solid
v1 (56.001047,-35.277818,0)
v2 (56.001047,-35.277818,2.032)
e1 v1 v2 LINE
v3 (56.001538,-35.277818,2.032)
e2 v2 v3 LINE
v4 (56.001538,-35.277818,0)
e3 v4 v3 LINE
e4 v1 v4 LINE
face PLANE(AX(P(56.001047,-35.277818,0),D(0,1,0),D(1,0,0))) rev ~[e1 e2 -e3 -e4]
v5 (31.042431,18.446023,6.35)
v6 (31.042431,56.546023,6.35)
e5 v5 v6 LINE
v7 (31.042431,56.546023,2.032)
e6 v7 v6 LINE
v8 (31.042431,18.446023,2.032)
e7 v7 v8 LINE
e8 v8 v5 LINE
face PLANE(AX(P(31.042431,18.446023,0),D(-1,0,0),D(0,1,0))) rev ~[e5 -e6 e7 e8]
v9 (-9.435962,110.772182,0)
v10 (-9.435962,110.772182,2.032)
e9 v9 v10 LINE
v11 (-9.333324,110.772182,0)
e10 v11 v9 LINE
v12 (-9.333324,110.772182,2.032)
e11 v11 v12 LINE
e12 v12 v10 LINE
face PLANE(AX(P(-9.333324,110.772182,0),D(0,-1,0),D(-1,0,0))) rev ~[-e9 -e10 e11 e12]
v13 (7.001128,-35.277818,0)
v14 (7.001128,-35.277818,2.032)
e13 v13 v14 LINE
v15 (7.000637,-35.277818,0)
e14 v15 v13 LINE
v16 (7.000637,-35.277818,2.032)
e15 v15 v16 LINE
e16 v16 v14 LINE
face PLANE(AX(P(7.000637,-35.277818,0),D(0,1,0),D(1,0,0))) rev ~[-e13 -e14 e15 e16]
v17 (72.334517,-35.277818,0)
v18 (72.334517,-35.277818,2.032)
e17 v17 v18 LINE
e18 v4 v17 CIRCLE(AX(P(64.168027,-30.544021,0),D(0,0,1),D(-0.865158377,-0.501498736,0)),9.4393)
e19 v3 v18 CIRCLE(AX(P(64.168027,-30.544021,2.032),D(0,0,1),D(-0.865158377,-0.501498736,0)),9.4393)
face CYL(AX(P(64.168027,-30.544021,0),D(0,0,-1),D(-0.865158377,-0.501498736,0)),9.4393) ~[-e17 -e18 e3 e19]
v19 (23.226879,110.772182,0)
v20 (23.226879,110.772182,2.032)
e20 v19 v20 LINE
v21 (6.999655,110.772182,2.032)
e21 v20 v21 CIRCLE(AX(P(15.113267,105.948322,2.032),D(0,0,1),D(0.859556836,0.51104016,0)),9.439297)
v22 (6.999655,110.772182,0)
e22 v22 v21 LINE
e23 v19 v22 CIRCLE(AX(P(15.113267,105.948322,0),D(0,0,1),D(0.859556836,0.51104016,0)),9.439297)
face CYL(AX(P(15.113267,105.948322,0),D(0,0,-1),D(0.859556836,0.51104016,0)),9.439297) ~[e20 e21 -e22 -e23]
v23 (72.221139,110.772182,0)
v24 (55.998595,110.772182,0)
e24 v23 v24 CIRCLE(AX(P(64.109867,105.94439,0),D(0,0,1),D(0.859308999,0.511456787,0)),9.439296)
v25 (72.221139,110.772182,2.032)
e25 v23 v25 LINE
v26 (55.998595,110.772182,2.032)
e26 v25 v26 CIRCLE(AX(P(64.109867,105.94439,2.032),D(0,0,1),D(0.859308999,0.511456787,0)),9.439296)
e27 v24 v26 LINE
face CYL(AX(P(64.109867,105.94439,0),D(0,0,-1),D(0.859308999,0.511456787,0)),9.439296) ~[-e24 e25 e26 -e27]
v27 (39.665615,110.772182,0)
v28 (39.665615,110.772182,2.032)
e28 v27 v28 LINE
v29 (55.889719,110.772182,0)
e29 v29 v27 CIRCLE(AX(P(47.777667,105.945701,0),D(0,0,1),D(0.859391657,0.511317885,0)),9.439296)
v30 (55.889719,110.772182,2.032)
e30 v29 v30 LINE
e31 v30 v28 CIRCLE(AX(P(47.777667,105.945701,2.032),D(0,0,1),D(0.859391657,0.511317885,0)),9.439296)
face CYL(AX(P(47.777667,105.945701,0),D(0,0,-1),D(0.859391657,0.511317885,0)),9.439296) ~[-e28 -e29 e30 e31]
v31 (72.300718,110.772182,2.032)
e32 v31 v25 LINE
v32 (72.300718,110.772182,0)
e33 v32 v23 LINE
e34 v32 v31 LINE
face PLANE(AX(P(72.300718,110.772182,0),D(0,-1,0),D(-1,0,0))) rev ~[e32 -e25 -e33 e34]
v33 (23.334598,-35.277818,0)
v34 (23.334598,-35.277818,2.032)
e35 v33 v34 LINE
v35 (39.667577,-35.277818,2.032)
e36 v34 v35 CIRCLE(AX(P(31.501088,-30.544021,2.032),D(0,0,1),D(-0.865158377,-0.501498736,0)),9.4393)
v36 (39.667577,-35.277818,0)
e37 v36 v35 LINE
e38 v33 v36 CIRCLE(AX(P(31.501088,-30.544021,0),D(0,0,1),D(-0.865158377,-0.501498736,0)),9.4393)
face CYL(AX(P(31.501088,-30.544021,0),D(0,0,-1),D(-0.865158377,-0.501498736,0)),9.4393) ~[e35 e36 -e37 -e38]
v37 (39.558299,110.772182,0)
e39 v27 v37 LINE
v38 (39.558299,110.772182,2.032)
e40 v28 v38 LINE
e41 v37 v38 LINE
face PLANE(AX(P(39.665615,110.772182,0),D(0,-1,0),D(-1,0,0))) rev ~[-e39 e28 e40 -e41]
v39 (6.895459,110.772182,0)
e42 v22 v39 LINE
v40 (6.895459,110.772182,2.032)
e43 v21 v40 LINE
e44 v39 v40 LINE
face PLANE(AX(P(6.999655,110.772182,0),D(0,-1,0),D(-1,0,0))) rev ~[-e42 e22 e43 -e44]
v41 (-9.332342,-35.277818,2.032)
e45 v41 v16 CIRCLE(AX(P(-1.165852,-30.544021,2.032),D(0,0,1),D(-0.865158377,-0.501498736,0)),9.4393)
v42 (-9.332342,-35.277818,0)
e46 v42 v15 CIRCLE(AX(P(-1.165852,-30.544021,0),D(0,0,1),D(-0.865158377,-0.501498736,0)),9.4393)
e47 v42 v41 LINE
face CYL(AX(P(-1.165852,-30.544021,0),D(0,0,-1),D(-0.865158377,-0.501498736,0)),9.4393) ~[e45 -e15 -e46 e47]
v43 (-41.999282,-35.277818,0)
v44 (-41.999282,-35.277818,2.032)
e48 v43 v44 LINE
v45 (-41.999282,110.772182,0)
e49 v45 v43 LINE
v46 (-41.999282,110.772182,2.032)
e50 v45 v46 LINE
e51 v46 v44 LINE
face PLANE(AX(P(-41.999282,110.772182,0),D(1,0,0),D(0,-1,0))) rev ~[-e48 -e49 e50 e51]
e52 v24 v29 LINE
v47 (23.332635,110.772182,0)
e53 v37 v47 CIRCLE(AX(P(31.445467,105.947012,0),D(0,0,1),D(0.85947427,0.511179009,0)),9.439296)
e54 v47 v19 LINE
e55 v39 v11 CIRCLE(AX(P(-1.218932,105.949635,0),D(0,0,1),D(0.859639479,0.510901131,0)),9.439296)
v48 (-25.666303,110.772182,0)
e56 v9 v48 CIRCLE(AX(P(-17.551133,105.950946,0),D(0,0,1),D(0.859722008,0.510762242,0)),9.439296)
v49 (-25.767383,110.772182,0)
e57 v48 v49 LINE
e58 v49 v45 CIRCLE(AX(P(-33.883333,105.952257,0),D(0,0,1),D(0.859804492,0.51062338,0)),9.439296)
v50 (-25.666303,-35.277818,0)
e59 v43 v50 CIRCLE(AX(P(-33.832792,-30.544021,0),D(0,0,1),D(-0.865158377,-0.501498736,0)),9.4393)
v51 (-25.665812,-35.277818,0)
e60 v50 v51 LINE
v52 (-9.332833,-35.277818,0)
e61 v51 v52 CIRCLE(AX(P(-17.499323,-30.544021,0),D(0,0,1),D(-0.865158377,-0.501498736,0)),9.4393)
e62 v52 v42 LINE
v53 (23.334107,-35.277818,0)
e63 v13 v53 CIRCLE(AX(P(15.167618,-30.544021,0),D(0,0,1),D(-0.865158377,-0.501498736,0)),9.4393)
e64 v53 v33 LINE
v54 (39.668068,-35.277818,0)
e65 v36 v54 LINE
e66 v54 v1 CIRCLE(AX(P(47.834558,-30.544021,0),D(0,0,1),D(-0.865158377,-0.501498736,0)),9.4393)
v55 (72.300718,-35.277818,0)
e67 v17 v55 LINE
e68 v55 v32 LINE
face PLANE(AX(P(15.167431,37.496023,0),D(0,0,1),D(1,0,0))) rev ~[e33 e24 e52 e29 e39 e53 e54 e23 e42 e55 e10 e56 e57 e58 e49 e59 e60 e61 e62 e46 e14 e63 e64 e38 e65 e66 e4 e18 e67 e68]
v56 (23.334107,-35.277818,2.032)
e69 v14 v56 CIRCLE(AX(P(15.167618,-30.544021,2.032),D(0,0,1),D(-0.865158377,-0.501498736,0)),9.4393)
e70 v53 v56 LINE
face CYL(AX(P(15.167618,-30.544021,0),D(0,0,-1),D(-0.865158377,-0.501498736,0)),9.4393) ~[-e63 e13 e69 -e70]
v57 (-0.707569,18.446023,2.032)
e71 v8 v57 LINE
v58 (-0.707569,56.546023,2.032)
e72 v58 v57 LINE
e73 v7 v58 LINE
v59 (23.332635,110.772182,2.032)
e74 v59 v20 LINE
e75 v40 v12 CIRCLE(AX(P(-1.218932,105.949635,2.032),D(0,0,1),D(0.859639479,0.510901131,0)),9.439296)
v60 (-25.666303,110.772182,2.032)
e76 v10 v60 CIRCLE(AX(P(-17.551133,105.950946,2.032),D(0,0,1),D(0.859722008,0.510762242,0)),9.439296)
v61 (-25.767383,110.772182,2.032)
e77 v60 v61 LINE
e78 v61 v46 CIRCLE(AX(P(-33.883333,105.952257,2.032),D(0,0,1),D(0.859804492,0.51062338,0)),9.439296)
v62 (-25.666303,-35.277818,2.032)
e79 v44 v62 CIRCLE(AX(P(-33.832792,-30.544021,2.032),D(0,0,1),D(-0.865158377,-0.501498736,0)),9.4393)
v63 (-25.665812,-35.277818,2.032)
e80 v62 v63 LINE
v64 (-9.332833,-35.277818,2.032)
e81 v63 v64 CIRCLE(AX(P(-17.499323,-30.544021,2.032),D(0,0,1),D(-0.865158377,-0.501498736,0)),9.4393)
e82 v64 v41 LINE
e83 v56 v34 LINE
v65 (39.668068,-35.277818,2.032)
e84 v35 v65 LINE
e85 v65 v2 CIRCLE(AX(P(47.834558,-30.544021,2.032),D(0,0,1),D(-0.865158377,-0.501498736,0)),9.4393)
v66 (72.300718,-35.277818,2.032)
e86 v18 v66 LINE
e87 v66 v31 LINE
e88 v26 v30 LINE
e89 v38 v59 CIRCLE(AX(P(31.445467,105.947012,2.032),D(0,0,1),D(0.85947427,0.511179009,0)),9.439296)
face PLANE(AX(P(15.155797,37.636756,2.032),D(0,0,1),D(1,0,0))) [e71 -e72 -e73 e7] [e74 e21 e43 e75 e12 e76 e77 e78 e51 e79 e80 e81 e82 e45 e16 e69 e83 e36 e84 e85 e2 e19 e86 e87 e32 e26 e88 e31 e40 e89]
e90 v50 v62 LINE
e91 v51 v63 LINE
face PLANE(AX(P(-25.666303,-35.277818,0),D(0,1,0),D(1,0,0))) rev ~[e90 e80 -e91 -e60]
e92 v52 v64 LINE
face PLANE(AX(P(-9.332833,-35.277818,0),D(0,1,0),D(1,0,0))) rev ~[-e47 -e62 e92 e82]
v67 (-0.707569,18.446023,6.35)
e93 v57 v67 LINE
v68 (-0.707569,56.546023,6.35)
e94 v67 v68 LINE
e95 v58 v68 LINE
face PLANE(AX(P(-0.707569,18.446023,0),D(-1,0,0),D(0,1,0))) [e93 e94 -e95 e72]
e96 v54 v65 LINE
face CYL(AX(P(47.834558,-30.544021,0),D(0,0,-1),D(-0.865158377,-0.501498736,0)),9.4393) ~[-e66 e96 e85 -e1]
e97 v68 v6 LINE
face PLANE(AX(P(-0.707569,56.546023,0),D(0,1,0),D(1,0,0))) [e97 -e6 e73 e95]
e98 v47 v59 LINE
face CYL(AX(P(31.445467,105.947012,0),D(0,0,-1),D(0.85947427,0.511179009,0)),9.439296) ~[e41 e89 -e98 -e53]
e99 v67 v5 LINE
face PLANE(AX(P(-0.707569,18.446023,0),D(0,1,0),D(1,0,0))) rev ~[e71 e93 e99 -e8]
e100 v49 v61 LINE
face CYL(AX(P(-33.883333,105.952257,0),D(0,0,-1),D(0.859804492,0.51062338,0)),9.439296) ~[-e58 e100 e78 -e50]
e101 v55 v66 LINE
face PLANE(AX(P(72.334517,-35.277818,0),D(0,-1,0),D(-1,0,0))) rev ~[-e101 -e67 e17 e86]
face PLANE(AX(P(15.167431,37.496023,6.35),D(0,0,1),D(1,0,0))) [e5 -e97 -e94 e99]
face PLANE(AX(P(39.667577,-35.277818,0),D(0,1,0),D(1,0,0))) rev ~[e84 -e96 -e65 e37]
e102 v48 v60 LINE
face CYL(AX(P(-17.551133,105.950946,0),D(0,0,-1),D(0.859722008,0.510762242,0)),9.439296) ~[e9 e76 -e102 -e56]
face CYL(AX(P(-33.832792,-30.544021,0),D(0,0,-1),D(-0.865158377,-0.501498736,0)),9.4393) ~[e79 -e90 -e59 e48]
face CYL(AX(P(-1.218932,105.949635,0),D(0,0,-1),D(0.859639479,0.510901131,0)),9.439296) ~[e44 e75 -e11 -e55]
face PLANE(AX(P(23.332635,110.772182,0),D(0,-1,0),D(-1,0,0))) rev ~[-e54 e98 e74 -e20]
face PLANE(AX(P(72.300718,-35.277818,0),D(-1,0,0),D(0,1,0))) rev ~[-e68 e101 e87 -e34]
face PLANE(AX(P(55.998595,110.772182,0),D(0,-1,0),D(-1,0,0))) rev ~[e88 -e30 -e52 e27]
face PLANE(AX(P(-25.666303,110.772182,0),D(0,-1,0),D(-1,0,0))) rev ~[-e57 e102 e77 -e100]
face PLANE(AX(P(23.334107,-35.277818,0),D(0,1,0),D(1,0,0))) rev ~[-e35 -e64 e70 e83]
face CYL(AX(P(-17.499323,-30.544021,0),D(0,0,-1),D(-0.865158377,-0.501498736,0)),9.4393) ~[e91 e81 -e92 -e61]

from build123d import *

# Parameters (mm, degrees)
F2_DEPTH = 2.032
F1_W     = 31.75
F1_H     = 38.1
F3_DEPTH = 6.35


with BuildPart() as f2:
    # F0 (on Top) → F2 (new body)
    with BuildSketch(Plane.XY):
        with BuildLine():
            Line((-25.666303, 110.772182), (-25.767383, 110.772182))
            ThreePointArc((-25.767383, 110.772182), (-33.883333, 115.391553), (-41.999282, 110.772182))
            Line((-41.999282, 110.772182), (-41.999282, -35.277818))
            ThreePointArc((-41.999282, -35.277818), (-33.832793, -39.983321), (-25.666303, -35.277818))
            Line((-25.666303, -35.277818), (-25.665812, -35.277818))
            ThreePointArc((-25.665812, -35.277818), (-17.499323, -39.983321), (-9.332833, -35.277818))
            Line((-9.332833, -35.277818), (-9.332342, -35.277818))
            ThreePointArc((-9.332342, -35.277818), (-1.165853, -39.983321), (7.000637, -35.277818))
            Line((7.000637, -35.277818), (7.001128, -35.277818))
            ThreePointArc((7.001128, -35.277818), (15.167617, -39.983321), (23.334107, -35.277818))
            Line((23.334107, -35.277818), (23.334598, -35.277818))
            ThreePointArc((23.334598, -35.277818), (31.501087, -39.983321), (39.667577, -35.277818))
            Line((39.667577, -35.277818), (39.668068, -35.277818))
            ThreePointArc((39.668068, -35.277818), (47.834557, -39.983321), (56.001047, -35.277818))
            Line((56.001047, -35.277818), (56.001538, -35.277818))
            ThreePointArc((56.001538, -35.277818), (64.168027, -39.983321), (72.334517, -35.277818))
            Line((72.334517, -35.277818), (72.300718, -35.277818))
            Line((72.300718, -35.277818), (72.300718, 110.772182))
            Line((72.300718, 110.772182), (72.221139, 110.772182))
            ThreePointArc((72.221139, 110.772182), (64.109867, 115.383686), (55.998595, 110.772182))
            Line((55.998595, 110.772182), (55.889719, 110.772182))
            ThreePointArc((55.889719, 110.772182), (47.777667, 115.384997), (39.665615, 110.772182))
            Line((39.665615, 110.772182), (39.558299, 110.772182))
            ThreePointArc((39.558299, 110.772182), (31.445467, 115.386308), (23.332635, 110.772182))
            Line((23.332635, 110.772182), (23.226879, 110.772182))
            ThreePointArc((23.226879, 110.772182), (15.113267, 115.387619), (6.999655, 110.772182))
            Line((6.999655, 110.772182), (6.895459, 110.772182))
            ThreePointArc((6.895459, 110.772182), (-1.218933, 115.388931), (-9.333324, 110.772182))
            Line((-9.333324, 110.772182), (-9.435962, 110.772182))
            ThreePointArc((-9.435962, 110.772182), (-17.551133, 115.390242), (-25.666303, 110.772182))
        make_face()
    extrude(amount=F2_DEPTH)

    # F1 (on Top) → F3 (join)
    with BuildSketch(Plane.XY):
        with Locations((15.167431, 37.496023)):
            Rectangle(F1_W, F1_H)
    extrude(amount=F3_DEPTH)


solid = f2.part
